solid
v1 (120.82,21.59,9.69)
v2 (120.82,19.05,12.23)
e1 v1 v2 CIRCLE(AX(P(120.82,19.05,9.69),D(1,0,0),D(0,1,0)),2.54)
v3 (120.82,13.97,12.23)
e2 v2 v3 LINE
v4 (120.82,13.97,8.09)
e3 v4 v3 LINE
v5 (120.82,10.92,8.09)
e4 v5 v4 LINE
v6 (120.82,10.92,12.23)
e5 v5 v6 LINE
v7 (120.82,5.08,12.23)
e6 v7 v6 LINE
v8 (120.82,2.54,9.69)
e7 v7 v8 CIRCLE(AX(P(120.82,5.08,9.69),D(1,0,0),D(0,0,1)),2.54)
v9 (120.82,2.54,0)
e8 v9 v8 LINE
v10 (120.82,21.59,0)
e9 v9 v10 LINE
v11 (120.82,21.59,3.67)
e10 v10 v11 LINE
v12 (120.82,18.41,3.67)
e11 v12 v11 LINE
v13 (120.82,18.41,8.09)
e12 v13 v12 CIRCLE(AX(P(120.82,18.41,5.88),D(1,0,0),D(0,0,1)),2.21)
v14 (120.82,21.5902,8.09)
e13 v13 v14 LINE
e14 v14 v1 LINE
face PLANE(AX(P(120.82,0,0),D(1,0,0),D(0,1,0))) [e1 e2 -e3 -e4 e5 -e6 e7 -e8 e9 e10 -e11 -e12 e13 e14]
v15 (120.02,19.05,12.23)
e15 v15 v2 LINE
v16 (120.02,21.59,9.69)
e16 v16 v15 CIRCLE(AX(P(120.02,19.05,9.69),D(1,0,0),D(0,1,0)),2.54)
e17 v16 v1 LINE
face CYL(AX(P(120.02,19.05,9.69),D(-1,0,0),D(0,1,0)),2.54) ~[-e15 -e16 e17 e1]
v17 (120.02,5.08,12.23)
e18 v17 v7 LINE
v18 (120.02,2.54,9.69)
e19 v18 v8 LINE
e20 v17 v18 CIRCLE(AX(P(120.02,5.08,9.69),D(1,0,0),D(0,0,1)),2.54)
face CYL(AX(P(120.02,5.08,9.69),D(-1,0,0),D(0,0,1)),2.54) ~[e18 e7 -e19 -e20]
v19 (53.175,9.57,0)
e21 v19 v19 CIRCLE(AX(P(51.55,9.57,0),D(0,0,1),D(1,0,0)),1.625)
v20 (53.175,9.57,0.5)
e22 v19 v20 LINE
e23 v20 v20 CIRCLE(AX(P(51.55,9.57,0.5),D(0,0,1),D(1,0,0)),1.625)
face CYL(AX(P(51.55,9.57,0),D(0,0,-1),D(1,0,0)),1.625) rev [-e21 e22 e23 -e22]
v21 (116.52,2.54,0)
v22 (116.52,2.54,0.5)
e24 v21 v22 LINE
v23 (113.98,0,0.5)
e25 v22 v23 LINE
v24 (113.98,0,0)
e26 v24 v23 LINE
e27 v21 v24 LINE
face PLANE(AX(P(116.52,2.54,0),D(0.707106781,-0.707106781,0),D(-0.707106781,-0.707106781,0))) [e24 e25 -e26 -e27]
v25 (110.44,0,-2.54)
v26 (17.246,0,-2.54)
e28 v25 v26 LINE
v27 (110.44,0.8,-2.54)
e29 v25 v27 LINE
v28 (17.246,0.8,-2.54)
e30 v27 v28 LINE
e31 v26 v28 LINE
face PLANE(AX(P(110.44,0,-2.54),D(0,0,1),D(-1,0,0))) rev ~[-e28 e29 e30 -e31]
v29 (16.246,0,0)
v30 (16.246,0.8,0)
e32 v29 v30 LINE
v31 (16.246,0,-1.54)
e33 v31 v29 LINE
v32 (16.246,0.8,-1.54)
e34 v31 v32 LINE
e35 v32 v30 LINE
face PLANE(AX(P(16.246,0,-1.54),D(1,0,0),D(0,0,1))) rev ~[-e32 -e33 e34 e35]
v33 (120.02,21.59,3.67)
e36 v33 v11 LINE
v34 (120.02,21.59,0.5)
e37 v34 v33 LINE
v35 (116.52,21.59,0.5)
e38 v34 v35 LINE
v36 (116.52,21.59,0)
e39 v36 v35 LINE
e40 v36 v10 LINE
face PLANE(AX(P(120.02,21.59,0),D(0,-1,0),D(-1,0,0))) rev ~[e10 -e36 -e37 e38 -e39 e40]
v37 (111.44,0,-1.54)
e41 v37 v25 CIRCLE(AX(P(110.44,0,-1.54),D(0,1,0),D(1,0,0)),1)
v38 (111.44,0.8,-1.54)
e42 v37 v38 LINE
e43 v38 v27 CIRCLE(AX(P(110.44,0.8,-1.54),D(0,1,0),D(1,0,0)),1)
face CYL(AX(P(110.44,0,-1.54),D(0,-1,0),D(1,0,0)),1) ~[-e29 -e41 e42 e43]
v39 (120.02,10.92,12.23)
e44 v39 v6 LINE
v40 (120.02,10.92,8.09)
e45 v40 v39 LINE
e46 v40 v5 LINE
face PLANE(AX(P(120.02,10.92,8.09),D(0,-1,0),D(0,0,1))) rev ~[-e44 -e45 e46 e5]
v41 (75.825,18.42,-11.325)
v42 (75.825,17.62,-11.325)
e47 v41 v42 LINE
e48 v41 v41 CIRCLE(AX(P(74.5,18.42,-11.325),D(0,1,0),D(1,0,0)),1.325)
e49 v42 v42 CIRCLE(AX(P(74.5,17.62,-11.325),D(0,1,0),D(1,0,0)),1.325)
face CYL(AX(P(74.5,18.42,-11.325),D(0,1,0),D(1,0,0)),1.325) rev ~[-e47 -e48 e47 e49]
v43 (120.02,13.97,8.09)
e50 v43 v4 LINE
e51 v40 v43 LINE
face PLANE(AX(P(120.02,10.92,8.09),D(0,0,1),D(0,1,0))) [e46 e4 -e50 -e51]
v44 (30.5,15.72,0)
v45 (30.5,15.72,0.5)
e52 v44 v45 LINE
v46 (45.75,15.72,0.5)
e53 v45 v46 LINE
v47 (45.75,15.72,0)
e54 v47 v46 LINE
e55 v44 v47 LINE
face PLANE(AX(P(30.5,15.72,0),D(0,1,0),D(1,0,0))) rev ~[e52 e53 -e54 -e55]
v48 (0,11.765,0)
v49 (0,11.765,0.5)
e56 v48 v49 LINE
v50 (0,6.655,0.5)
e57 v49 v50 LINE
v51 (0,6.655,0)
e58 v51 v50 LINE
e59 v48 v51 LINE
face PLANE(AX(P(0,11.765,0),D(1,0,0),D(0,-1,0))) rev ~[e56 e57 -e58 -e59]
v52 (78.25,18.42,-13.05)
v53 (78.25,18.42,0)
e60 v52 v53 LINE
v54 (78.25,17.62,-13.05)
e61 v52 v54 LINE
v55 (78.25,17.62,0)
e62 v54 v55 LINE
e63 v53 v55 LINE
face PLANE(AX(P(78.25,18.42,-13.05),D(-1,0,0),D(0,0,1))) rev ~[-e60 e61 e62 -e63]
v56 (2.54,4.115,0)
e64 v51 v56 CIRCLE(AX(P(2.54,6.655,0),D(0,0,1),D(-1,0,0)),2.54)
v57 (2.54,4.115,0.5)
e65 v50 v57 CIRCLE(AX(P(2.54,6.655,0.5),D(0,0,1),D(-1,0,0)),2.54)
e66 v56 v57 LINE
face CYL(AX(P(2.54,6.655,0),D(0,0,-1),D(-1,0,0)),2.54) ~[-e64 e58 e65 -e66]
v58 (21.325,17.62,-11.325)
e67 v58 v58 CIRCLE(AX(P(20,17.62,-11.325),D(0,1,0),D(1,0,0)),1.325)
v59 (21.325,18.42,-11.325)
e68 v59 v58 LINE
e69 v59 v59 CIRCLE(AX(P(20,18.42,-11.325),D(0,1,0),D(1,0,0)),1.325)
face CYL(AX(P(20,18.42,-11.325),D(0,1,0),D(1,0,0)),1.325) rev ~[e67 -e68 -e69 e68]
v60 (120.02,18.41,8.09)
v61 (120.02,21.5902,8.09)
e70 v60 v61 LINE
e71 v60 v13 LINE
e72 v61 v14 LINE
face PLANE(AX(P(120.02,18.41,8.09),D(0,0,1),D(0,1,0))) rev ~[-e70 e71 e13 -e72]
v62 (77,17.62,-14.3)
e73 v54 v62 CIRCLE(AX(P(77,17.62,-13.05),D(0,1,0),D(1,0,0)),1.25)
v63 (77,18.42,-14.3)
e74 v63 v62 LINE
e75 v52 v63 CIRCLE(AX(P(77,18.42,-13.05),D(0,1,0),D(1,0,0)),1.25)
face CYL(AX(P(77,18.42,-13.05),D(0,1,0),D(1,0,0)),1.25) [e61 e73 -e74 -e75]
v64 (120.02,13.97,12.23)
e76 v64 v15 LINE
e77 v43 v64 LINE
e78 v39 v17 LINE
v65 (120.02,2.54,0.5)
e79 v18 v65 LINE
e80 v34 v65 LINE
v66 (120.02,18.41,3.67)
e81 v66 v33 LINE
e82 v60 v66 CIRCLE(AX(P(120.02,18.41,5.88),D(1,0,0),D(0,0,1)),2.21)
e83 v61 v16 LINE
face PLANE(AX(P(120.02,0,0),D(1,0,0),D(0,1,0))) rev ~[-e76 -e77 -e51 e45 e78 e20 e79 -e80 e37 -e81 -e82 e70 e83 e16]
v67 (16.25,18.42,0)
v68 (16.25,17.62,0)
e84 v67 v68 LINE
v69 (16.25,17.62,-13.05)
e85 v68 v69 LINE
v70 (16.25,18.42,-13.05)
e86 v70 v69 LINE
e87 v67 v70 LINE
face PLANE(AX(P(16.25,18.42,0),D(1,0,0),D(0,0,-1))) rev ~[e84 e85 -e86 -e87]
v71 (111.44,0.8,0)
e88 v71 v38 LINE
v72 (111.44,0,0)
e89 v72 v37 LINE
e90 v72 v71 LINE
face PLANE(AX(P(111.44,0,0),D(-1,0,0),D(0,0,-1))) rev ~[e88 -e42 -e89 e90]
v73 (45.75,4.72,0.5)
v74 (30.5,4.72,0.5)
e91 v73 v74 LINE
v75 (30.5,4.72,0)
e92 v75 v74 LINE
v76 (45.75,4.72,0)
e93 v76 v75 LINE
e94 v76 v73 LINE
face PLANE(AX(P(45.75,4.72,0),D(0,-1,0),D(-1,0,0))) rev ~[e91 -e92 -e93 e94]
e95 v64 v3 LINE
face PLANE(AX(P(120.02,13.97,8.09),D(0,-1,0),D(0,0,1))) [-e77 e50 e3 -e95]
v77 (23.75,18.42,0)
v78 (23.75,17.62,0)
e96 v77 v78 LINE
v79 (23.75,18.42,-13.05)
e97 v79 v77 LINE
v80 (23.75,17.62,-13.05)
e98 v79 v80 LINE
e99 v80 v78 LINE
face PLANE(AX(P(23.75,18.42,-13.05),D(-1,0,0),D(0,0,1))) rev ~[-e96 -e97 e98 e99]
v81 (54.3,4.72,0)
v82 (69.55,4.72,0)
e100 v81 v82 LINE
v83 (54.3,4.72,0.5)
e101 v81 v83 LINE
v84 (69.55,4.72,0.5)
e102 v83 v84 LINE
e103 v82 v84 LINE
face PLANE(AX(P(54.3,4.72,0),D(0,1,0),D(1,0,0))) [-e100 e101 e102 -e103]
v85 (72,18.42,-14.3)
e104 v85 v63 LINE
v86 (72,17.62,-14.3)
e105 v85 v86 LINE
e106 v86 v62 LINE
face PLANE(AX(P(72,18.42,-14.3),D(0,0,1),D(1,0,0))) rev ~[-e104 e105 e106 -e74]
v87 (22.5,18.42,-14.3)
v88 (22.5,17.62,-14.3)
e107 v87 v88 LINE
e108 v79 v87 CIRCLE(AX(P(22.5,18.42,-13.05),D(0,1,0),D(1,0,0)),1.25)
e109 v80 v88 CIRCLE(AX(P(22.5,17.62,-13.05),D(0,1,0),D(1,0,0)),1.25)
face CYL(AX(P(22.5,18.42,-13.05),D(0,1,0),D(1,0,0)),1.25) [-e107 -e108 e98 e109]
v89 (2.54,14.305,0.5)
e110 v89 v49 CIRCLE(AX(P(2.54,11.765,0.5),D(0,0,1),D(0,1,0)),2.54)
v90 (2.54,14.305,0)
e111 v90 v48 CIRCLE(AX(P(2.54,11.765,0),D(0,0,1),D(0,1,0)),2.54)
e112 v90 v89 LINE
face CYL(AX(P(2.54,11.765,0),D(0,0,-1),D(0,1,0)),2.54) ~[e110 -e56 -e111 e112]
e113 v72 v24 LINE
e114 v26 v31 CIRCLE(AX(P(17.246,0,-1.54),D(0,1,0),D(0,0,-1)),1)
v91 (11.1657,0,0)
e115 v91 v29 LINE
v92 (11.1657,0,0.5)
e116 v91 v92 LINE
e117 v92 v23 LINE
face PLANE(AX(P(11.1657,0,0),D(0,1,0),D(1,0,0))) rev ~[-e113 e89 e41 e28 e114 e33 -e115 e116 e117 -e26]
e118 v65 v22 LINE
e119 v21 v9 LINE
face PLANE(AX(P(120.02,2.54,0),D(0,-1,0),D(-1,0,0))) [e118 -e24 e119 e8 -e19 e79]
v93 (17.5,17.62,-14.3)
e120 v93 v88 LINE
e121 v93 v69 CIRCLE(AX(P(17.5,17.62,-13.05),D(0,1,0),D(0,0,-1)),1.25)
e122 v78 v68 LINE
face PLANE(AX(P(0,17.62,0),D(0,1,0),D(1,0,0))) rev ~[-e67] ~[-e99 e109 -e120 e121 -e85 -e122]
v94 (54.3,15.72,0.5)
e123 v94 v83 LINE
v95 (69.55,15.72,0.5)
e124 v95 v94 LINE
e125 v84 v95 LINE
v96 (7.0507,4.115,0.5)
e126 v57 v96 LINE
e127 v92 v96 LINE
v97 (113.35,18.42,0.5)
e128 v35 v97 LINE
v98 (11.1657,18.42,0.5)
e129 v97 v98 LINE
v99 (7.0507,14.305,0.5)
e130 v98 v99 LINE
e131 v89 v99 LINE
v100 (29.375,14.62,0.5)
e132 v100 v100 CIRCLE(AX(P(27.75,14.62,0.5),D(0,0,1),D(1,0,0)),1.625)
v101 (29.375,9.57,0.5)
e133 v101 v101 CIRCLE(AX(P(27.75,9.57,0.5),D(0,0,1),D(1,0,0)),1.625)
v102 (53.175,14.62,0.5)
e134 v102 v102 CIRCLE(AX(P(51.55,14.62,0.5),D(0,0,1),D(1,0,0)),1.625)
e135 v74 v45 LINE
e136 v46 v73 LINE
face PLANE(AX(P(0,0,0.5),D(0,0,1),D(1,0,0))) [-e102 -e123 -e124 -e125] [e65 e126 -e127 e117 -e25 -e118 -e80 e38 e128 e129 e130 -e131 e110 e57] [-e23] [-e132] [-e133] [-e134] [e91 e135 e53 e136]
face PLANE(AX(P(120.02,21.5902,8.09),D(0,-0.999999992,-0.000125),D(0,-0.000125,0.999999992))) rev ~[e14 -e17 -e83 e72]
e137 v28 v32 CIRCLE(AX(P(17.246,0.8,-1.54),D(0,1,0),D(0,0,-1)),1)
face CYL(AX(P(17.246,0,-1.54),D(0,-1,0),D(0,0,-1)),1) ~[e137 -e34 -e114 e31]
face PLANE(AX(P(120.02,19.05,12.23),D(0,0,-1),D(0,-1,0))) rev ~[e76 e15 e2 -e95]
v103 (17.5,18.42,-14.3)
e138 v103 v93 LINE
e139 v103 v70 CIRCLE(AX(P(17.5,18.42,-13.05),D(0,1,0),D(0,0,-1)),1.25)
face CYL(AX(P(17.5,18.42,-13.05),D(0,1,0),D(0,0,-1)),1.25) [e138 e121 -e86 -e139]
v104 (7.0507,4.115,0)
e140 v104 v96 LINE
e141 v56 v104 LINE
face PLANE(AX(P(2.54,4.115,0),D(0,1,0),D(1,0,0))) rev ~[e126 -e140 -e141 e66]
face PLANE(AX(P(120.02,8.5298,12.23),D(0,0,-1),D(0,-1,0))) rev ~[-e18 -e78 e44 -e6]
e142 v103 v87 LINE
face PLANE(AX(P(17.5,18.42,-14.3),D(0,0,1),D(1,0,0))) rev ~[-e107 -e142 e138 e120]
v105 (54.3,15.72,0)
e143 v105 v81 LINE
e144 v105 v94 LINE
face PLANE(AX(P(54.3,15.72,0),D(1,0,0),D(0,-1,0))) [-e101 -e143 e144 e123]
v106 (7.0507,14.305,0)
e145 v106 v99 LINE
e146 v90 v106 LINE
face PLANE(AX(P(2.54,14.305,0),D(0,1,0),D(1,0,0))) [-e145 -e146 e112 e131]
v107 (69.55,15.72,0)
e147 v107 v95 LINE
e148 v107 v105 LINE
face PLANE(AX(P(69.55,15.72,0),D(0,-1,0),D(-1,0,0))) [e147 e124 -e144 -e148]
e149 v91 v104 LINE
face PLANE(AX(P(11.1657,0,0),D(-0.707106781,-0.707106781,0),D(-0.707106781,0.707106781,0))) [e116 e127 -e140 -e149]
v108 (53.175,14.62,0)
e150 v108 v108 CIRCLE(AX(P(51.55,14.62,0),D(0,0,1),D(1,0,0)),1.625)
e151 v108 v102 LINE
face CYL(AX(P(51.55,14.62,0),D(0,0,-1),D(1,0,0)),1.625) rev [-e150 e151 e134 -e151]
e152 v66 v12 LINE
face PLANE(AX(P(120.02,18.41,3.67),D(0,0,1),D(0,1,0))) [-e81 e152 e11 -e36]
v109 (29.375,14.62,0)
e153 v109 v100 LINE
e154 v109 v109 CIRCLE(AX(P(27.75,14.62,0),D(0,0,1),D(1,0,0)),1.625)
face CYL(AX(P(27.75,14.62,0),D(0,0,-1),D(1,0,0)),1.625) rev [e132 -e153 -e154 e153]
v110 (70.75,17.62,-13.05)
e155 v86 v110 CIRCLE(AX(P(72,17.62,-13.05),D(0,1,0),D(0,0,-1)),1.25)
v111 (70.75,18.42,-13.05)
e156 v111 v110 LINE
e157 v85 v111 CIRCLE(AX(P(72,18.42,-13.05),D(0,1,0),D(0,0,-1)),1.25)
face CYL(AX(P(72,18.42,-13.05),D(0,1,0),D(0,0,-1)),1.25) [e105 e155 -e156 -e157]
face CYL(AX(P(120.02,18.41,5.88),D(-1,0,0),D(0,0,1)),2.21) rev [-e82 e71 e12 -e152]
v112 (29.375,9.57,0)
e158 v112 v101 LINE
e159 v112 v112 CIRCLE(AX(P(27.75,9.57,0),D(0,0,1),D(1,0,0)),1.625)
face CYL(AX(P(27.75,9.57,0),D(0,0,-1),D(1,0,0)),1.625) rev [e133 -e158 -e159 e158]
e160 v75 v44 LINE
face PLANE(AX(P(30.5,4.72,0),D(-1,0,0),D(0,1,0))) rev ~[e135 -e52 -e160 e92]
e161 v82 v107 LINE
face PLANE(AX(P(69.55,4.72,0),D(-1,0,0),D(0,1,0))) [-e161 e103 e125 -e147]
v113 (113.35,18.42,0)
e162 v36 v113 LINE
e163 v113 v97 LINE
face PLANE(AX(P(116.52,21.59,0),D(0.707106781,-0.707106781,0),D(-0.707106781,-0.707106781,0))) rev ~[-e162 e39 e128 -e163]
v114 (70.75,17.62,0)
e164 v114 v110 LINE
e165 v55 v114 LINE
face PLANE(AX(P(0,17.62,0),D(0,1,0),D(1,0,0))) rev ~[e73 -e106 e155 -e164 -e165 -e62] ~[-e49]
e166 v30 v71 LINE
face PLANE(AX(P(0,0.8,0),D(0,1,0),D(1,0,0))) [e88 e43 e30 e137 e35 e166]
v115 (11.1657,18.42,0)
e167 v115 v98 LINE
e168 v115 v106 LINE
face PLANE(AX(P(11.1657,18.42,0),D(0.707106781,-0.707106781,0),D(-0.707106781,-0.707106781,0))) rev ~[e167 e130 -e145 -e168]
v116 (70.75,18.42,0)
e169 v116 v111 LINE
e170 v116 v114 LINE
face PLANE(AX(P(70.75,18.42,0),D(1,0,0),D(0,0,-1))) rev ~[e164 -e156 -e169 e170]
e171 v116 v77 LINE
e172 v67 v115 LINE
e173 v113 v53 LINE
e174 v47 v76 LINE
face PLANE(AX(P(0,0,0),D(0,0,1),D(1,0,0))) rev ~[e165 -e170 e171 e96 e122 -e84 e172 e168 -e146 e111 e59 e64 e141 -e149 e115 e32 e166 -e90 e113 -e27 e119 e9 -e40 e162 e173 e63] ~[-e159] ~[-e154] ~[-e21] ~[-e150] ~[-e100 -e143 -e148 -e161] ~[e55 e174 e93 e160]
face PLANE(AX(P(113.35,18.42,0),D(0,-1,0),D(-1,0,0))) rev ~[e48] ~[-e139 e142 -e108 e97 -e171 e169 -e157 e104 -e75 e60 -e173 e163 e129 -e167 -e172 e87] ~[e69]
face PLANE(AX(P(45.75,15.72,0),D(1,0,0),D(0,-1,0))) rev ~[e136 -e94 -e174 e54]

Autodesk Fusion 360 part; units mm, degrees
sketch "Face" plane through (0, 0, 0) normal (0, 0, 1) x (1, 0, 0)
  line L0 (0, 0) -> (120.02, 0) construction
  line L1 (120.02, 0) -> (120.02, 21.59) construction
  line L2 (120.02, 21.59) -> (0, 21.59) construction
  line L3 (0, 21.59) -> (0, 6.655) construction
  line L4 (120.02, 2.54) -> (116.52, 2.54)
  line L5 (120.02, 21.59) -> (116.52, 21.59)
  line L6 (116.52, 2.54) -> (113.98, 0)
  line L7 (116.52, 2.54) -> (120.1121, 2.54) construction
  line L8 (116.52, 21.59) -> (113.35, 18.42)
  line L9 (116.52, 21.59) -> (120.02, 21.59) construction
  line L10 (113.35, 18.42) -> (11.1657, 18.42)
  line L11 (11.1657, 0) -> (7.0507, 4.115)
  line L12 (11.1657, 0) -> (18.2593, 0) construction
  line L13 (11.1657, 18.42) -> (7.0507, 14.305)
  line L14 (11.1657, 18.42) -> (18.3401, 18.42) construction
  line L15 (7.24, 21.59) -> (7.24, 0) construction
  line L16 (0, 9.21) -> (7.24, 9.21) construction
  line L17 (0, 9.21) -> (0, 14.305) construction
  line L18 (0, 9.21) -> (0, 4.115) construction
  line L19 (2.54, 14.305) -> (7.0507, 14.305)
  line L20 (2.54, 4.115) -> (7.0507, 4.115)
  line L21 (0, 9.21) -> (13.01, 9.21) construction
  line L22 (11.1657, 0) -> (113.98, 0)
  line L23 (120.02, 21.59) -> (120.02, 2.54)
  arc A0 (2.54, 14.305) -> (0, 11.765) centre (2.54, 11.765) ccw
  arc A1 (0, 6.655) -> (2.54, 4.115) centre (2.54, 6.655) ccw
  line L24 (0, 11.765) -> (0, 6.655)
  line L25 (0, 9.21) -> (30.5, 9.21) construction
  line L26 (0, 9.21) -> (54.3, 9.21) construction
  line L27 (30.5, 0) -> (30.5, 21.59) construction
  line L28 (45.75, 0) -> (45.75, 21.59) construction
  line L29 (54.3, 9.21) -> (69.55, 9.21) construction
  line L30 (27.75, 18.42) -> (27.75, 0) construction
  line L31 (27.75, 14.62) -> (30.5, 14.62) construction
  circle A2 centre (27.75, 14.62) radius 1.625
  line L32 (27.75, 9.57) -> (30.5, 9.57) construction
  circle A3 centre (27.75, 9.57) radius 1.625
  line L33 (69.55, 9.21) -> (69.55, 18.42) construction
  line L34 (30.5, 18.42) -> (69.55, 18.42) construction
  line L35 (69.55, 18.42) -> (69.55, 15.72) construction
  line L36 (69.55, 15.72) -> (30.5, 15.72) construction
  line L37 (30.5, 15.72) -> (30.5, 18.42) construction
  line L38 (30.5, 15.72) -> (45.75, 15.72)
  line L39 (45.75, 15.72) -> (45.75, 4.72)
  line L40 (45.75, 4.72) -> (30.5, 4.72)
  line L41 (30.5, 4.72) -> (30.5, 15.72)
  line L42 (69.55, 15.72) -> (54.3, 15.72)
  line L43 (54.3, 15.72) -> (54.3, 4.72)
  line L44 (54.3, 4.72) -> (69.55, 4.72)
  line L45 (69.55, 4.72) -> (69.55, 15.72)
  circle A4 centre (51.55, 14.62) radius 1.625
  circle A5 centre (51.55, 9.57) radius 1.625
  dimension "d1" = 120.02
  dimension "d2" = 21.59
  dimension "d3" = 19.05
  dimension "d4" = 3.5
  dimension "d6" = 135
  dimension "d7" = 135
  dimension "d8" = 18.42
  dimension "d9" = 135
  dimension "d10" = 135
  dimension "d13" = 9.21
  dimension "d14" = 5.095
  dimension "d15" = 5.095
  dimension "d16" = 10.19
  dimension "d17" = 13.01
  dimension "d35" = 2.54
  dimension "d36" = 2.54
  dimension "d37" = 30.5
  dimension "d38" = 54.3
  dimension "d39" = 15.25
  dimension "d42" = 15.25
  dimension "d45" = 2.75
  dimension "d46" = 3.8
  dimension "d47" = 3.25
  dimension "d48" = 8.85
  dimension "d49" = 3.25
  dimension "d51" = 2.7
  dimension "d52" = 11
  dimension "d53" = 11
  dimension "d54" = 3.25
  dimension "d55" = 3.25
ref_plane "WorkPlane1" through (120.02, 0, 0) normal (1, 0, 0) x (0, 1, 0)
sketch "Arm" plane through (120.02, 0, 0) normal (1, 0, 0) x (0, 1, 0)
  line L0 (0, 0) -> (21.59, 0) construction
  line L1 (21.59, 0) -> (21.59, 12.23) construction
  line L2 (19.05, 12.23) -> (5.08, 12.23) construction
  line L3 (0, 12.23) -> (0, 0) construction
  line L4 (0, 0) -> (2.54, 0) construction
  line L5 (2.54, 0) -> (2.54, 11.43) construction
  line L6 (2.54, 11.43) -> (0, 11.43) construction
  line L7 (0, 11.43) -> (0, 0) construction
  line L8 (21.59, 12.23) -> (18.41, 12.23) construction
  line L9 (18.41, 12.23) -> (18.41, 0) construction
  line L10 (18.41, 5.88) -> (21.59, 5.88) construction
  line L11 (21.59, 5.88) -> (21.59, 12.23) construction
  line L12 (2.54, 9.69) -> (2.54, 0)
  line L13 (2.54, 0) -> (21.59, 0)
  line L14 (18.41, 8.09) -> (21.5902, 8.09)
  line L15 (18.41, 3.67) -> (21.594, 3.67)
  arc A0 (18.41, 8.09) -> (18.41, 3.67) centre (18.41, 5.88) ccw
  line L16 (2.54, 12.23) -> (10.92, 12.23) construction
  line L17 (10.92, 12.23) -> (10.92, 0) construction
  line L18 (10.92, 0) -> (2.54, 0) construction
  line L19 (2.54, 0) -> (2.54, 12.23) construction
  line L20 (10.92, 12.23) -> (13.97, 12.23) construction
  line L21 (13.97, 12.23) -> (13.97, 0) construction
  line L22 (13.97, 0) -> (10.92, 0) construction
  line L23 (10.92, 0) -> (10.92, 12.23) construction
  line L24 (21.5902, 8.09) -> (2.54, 8.09) construction
  line L25 (10.92, 8.09) -> (13.97, 8.09)
  line L26 (13.97, 8.09) -> (13.97, 12.23)
  line L27 (21.59, 12.23) -> (13.97, 12.23)
  line L28 (10.92, 12.23) -> (2.54, 12.23)
  line L29 (13.97, 8.09) -> (16.3602, 12.23)
  line L30 (13.97, 8.09) -> (18.4336, 8.09) construction
  line L31 (10.92, 8.09) -> (8.5298, 12.23)
  line L32 (10.92, 8.09) -> (15.5777, 8.09) construction
  line L33 (21.59, 0) -> (21.59, 3.67)
  line L34 (21.59, 8.09) -> (21.59, 9.69)
  arc A1 (21.59, 9.69) -> (19.05, 12.23) centre (19.05, 9.69) ccw
  arc A2 (5.08, 12.23) -> (2.54, 9.69) centre (5.08, 9.69) ccw
  line L35 (0, 0) -> (2.54, 0)
  line L36 (2.54, 0) -> (2.54, 0.8)
  line L37 (2.54, 0.8) -> (0, 0.8)
  line L38 (0, 0.8) -> (0, 0)
  line L39 (10.92, 8.09) -> (10.92, 12.23)
  line L40 (2.54, 0.8) -> (21.59, 0.8016) construction
  dimension "d20" = 21.59
  dimension "d21" = 12.23
  dimension "d22" = 2.54
  dimension "d23" = 3.18
  dimension "d24" = 6.35
  dimension "d25" = 4.42
  dimension "d26" = 8.38
  dimension "d27" = 3.05
  dimension "d28" = 60
  dimension "d29" = 120
  dimension "d30" = 2.54
  dimension "d31" = 2.54
  dimension "d32" = 2.54
  dimension "d33" = 0.8
  dimension "d34" = 11.43
ref_plane "WorkPlane2" through (0, 18.42, 0) normal (0, 1, 0) x (0, 0, 1)
sketch "Tabs" plane through (0, 18.42, 0) normal (0, 1, 0) x (1, 0, 0)
  line L0 (0, 0) -> (23.75, 0) construction
  line L1 (23.75, 0) -> (23.75, 13.05) construction
  line L2 (22.5, 14.3) -> (17.5, 14.3) construction
  line L3 (0, 14.3) -> (0, 0) construction
  line L4 (23.75, 0) -> (16.25, 0)
  line L5 (16.25, 0) -> (16.25, 13.05)
  line L6 (16.25, 14.3) -> (22.5, 14.3)
  line L7 (23.75, 13.05) -> (23.75, 0)
  line L8 (70.75, 0) -> (70.75, 13.05)
  line L9 (72, 14.3) -> (77, 14.3)
  line L10 (78.25, 13.05) -> (78.25, 0)
  line L11 (78.25, 0) -> (70.75, 0)
  line L12 (16.25, 11.325) -> (23.75, 11.325) construction
  line L13 (0, 0) -> (120.02, 0)
  circle A0 centre (20, 11.325) radius 1.325
  circle A1 centre (74.5, 11.325) radius 1.325
  arc A2 (17.5, 14.3) -> (16.25, 13.05) centre (17.5, 13.05) ccw
  arc A3 (72, 14.3) -> (70.75, 13.05) centre (72, 13.05) ccw
  arc A4 (78.25, 13.05) -> (77, 14.3) centre (77, 13.05) ccw
  arc A5 (23.75, 13.05) -> (22.5, 14.3) centre (22.5, 13.05) ccw
  line L14 (23.75, 13.05) -> (23.75, 14.3) construction
  line L15 (22.5, 14.3) -> (23.75, 14.3) construction
  dimension "d57" = 23.75
  dimension "d58" = 14.3
  dimension "d59" = 7.5
  dimension "d60" = 7.5
  dimension "d62" = 54.5
  dimension "d63" = 85.75
  dimension "d64" = 11.325
  dimension "d65" = 2.65
  dimension "d66" = 2.65
  dimension "d67" = 1.25
  dimension "d69" = 1.25
  dimension "d70" = 1.25
  dimension "d79" = 1.25
extrude "Extrude1" add sketch "Face" along normal blind 0.5
extrude "Extrude2" add sketch "Arm" along normal blind 0.8 contours L12 L13 L14 L15 A0 L25 L27 L28 L29 L31 L33 L34 A1 A2 L36 | L28 L31 L39 | L26 L27 L29
extrude "Extrude3" add sketch "Tabs" against normal blind 0.8 contours L8 L9 L10 L11 L13 A3 A4
extrude "Extrude4" add sketch "Tabs" against normal blind 0.8 contours L4 L5 L6 L7 L13 A2 A5
sketch "Sketch5" plane through (0, 0, 0) normal (0, 1, 0) x (1, 0, 0)
  line L0 (0, 0) -> (113.98, 0) construction
  line L1 (113.98, 0) -> (113.98, 2.54) construction
  line L2 (113.98, 2.54) -> (0, 2.54) construction
  line L3 (0, 2.54) -> (0, 0) construction
  line L4 (11.166, 0) -> (11.166, 2.54) construction
  line L5 (16.246, 0) -> (16.246, 2) construction
  line L6 (111.44, 0) -> (111.44, 1.54) construction
  line L7 (16.246, 0) -> (111.44, 0)
  line L8 (111.44, 0) -> (111.44, 2.54)
  line L9 (110.44, 2.54) -> (17.246, 2.54)
  line L10 (16.246, 1.54) -> (16.246, 0)
  arc A0 (17.246, 2.54) -> (16.246, 1.54) centre (17.246, 1.54) ccw
  arc A1 (111.44, 1.54) -> (110.44, 2.54) centre (110.44, 1.54) ccw
  dimension "d86" = 113.98
  dimension "d87" = 2.54
  dimension "d88" = 11.166
  dimension "d89" = 5.08
  dimension "d90" = 2.54
  dimension "d91" = 1
  dimension "d92" = 1
extrude "Extrude5" add sketch "Sketch5" along normal blind 0.8
